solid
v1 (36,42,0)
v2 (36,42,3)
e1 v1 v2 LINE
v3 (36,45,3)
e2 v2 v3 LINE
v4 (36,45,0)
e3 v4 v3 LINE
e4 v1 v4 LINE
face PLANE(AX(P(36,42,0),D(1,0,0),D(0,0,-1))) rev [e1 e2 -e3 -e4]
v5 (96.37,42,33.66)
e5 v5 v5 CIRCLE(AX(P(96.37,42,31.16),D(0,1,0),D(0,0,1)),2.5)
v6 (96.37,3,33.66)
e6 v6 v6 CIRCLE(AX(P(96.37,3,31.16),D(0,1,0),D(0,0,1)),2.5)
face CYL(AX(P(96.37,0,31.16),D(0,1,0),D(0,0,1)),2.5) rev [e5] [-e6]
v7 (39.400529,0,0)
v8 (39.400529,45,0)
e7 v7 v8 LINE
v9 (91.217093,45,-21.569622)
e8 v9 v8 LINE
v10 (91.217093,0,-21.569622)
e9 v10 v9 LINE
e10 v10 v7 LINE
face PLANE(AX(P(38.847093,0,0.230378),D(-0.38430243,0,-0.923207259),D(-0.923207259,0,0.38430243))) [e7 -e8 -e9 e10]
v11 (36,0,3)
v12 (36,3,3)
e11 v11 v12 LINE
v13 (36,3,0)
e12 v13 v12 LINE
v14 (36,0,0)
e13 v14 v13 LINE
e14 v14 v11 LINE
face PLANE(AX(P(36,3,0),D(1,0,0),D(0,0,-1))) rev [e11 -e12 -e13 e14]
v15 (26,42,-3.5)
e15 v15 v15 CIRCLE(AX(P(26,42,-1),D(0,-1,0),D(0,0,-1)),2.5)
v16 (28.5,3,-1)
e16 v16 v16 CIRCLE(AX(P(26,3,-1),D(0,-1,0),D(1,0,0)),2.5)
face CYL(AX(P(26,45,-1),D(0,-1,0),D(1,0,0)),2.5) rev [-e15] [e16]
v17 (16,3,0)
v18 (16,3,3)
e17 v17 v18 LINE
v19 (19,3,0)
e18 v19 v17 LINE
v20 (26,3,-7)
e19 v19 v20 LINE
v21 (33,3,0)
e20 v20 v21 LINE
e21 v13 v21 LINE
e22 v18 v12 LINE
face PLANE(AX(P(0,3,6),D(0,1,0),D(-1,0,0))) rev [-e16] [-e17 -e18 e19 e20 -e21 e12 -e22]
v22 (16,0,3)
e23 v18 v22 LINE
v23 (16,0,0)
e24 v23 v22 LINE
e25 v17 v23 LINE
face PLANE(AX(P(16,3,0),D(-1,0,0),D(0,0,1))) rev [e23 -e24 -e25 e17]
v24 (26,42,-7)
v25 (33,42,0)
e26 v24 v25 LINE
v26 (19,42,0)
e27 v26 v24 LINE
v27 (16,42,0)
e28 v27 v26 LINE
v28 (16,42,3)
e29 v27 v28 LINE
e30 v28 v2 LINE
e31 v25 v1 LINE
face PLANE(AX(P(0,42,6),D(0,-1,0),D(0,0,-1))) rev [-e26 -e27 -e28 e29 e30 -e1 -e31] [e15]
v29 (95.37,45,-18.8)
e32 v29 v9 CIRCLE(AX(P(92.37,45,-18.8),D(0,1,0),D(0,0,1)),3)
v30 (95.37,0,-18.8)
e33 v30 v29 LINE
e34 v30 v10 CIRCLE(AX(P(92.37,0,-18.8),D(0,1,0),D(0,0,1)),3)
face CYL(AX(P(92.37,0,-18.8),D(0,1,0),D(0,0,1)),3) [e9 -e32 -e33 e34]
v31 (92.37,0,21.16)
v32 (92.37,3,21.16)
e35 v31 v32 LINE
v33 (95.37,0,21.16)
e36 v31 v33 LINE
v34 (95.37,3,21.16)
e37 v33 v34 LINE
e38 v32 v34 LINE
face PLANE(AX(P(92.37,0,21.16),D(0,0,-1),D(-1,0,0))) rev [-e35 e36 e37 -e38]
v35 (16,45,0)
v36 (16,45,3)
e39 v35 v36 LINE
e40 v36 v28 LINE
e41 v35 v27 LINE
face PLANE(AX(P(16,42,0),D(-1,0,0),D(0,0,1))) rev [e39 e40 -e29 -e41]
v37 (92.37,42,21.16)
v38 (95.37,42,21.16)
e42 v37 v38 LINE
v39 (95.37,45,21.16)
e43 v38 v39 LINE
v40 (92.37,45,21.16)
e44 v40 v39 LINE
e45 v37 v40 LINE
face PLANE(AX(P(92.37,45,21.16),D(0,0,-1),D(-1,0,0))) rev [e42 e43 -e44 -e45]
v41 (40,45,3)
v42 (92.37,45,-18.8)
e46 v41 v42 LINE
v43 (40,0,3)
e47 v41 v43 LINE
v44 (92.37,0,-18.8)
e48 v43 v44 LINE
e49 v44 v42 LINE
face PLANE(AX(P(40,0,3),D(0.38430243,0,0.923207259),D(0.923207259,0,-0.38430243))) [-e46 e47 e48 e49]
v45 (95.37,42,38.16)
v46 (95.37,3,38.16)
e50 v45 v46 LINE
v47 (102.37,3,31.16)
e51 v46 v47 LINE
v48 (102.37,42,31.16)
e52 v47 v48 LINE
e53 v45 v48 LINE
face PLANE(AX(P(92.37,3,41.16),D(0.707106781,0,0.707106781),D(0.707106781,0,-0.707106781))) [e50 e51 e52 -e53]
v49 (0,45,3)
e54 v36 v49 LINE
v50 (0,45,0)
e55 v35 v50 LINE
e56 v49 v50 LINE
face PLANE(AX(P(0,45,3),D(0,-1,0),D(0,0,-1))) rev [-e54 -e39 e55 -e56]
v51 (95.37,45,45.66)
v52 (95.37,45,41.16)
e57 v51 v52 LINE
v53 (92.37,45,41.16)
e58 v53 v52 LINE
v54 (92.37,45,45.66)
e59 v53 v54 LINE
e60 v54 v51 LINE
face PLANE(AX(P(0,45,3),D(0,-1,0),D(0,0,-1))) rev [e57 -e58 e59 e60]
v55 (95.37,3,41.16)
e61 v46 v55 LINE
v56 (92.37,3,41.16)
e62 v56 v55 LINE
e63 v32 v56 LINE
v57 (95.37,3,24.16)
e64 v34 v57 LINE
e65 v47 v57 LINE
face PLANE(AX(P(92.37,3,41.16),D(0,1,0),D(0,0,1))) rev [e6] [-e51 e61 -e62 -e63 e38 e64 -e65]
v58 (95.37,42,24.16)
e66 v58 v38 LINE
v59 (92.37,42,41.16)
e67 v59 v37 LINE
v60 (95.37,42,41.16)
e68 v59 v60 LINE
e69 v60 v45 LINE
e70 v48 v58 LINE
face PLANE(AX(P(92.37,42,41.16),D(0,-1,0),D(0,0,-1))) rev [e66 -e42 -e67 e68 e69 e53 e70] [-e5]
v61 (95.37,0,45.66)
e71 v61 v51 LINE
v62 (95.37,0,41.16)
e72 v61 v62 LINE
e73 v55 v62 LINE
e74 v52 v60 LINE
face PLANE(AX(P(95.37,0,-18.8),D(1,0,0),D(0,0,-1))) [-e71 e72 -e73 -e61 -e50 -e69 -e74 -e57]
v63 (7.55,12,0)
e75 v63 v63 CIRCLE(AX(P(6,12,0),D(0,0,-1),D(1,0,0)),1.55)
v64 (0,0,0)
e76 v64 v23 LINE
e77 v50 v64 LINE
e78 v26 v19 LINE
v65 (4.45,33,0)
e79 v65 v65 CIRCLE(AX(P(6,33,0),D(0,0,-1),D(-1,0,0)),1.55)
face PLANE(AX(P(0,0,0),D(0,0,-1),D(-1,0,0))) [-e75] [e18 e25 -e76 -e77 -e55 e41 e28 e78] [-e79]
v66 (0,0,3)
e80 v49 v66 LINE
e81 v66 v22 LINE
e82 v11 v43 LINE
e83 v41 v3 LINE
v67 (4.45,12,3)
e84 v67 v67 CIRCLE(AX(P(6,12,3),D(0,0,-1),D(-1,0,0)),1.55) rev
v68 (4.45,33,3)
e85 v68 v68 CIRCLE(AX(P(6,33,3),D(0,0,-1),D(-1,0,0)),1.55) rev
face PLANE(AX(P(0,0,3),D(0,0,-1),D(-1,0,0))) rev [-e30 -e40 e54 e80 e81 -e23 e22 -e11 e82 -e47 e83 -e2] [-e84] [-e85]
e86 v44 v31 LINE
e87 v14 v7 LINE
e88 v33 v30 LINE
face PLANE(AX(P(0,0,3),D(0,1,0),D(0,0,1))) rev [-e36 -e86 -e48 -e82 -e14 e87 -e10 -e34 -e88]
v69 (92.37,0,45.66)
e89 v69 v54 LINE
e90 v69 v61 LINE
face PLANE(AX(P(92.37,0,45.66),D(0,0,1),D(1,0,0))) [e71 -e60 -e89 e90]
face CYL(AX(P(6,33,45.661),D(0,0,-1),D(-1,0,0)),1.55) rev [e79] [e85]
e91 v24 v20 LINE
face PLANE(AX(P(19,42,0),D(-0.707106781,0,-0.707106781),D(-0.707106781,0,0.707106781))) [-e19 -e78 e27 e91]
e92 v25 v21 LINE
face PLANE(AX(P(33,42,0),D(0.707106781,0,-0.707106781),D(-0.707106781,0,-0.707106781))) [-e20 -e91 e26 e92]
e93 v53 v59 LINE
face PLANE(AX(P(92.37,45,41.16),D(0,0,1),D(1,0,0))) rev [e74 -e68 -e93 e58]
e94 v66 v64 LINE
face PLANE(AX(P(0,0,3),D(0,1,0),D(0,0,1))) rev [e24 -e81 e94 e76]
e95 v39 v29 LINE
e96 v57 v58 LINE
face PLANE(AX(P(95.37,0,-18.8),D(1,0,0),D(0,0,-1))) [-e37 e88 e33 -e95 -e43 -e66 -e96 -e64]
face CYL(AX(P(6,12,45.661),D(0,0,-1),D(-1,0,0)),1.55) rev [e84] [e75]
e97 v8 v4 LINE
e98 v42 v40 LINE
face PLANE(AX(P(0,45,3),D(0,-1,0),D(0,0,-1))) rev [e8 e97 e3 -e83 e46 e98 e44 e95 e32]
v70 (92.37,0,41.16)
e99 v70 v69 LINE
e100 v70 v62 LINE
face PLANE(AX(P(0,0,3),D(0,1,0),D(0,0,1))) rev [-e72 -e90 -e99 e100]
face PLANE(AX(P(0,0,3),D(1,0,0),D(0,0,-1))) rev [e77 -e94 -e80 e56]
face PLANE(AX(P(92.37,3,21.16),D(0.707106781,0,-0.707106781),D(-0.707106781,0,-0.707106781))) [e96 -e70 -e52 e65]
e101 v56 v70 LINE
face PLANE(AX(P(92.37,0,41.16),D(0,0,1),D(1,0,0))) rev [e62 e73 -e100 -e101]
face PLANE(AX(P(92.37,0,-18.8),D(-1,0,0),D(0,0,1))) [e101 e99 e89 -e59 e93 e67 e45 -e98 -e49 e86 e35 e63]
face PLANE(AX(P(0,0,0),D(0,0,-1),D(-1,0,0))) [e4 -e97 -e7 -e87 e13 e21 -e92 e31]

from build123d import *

# Parameters (mm, degrees)
SKETCH_1_W          = 60
SKETCH_1_H          = 45
EXTRUDE_1_DEPTH     = 3
SKETCH_2_W          = 60
SKETCH_2_H          = 3
EXTRUDE_2_DEPTH     = 3
SKETCH_3_W          = 20
SKETCH_3_H          = 3
CUT_EXTRUDE_1_DEPTH = 3
EXTRUDE_START       = -39
EXTRUDE_3_DEPTH     = 39
SKETCH_5_R          = 2.5
CUT_EXTRUDE_2_DEPTH = 74.573092908
SKETCH_6_W          = 60
SKETCH_6_H          = 3
CUT_EXTRUDE_3_DEPTH = 74.573092908
SKETCH_8_W          = 20
SKETCH_8_H          = 3
CUT_EXTRUDE_4_DEPTH = 76.325958341
EXTRUDE_4_DEPTH     = 45
EXTRUDE_5_DEPTH     = 45
SKETCH_11_W         = 20
SKETCH_11_H         = 3
CUT_EXTRUDE_5_DEPTH = 3
EXTRUDE_6_DEPTH     = 39
SKETCH_14_R         = 2.5
CUT_EXTRUDE_7_DEPTH = 120.701514193
CUT_EXTRUDE_8_REACH = 122.787
SKETCH_16_R         = 1.55


with BuildPart() as part:
    # 草图1 → 凸台-拉伸1 (new body)
    with BuildSketch(Plane.XY):
        with Locations((30, 22.5)):
            Rectangle(SKETCH_1_W, SKETCH_1_H)
    extrude(amount=EXTRUDE_1_DEPTH)

    # 草图2 → 凸台-拉伸2 (add)
    with BuildSketch(Plane.XY.offset(3)):
        with Locations((30, 40.5)):
            Rectangle(SKETCH_2_W, SKETCH_2_H)
        with Locations((30, 4.5)):
            Rectangle(SKETCH_2_W, SKETCH_2_H)
    extrude(amount=EXTRUDE_2_DEPTH)

    # 草图3 → 切除-拉伸1 (cut)
    with BuildSketch(Plane.XY.offset(3)):
        with Locations((26, 1.5)):
            Rectangle(SKETCH_3_W, SKETCH_3_H)
        with Locations((26, 43.5)):
            Rectangle(SKETCH_3_W, SKETCH_3_H)
    extrude(amount=-CUT_EXTRUDE_1_DEPTH, mode=Mode.SUBTRACT)

    # 草图4 → 凸台-拉伸3 (add)
    with BuildSketch(Plane.XZ.offset(-3).offset(EXTRUDE_START)):
        Polygon((19, 0), (26, -7), (33, 0), align=None)
    extrude(amount=EXTRUDE_3_DEPTH)

    # 草图5 → 切除-拉伸2 (cut, through all)
    with BuildSketch(Plane.XZ.offset(-3)):
        with Locations((26, -1)):
            Circle(SKETCH_5_R)
    extrude(amount=-CUT_EXTRUDE_2_DEPTH, mode=Mode.SUBTRACT)

    # 草图6 → 切除-拉伸3 (cut, through all)
    with BuildSketch(Plane.XZ.offset(-3)):
        with Locations((30, 4.5)):
            Rectangle(SKETCH_6_W, SKETCH_6_H)
    extrude(amount=-CUT_EXTRUDE_3_DEPTH, mode=Mode.SUBTRACT)

    # 草图8 → 切除-拉伸4 (cut, through all)
    with BuildSketch(Plane.XZ):
        with Locations((50, 1.5)):
            Rectangle(SKETCH_8_W, SKETCH_8_H)
    extrude(amount=-CUT_EXTRUDE_4_DEPTH, mode=Mode.SUBTRACT)

    # 草图9 → 凸台-拉伸4 (add, through all)
    with BuildSketch(Plane(origin=(0, 45, 0), x_dir=(1, 0, 0), z_dir=(0, 1, 0))):
        Polygon((40, -3), (92.37, 18.8), (91.217092711, 21.569621776), (38.847092711, -0.230378224), align=None)
    extrude(amount=-EXTRUDE_4_DEPTH)

    # 草图10 → 凸台-拉伸5 (add, through all)
    with BuildSketch(Plane(origin=(0, 45, 0), x_dir=(1, 0, 0), z_dir=(0, 1, 0))):
        with BuildLine():
            Line((92.37, 18.8), (91.217092711, 21.569621776))
            ThreePointArc((91.217092711, 21.569621776), (94.034523676, 21.295868773), (95.37, 18.8))
            Line((95.37, 18.8), (95.37, -45.66))
            Line((95.37, -45.66), (92.37, -45.66))
            Line((92.37, -45.66), (92.37, 18.8))
        make_face()
    extrude(amount=-EXTRUDE_5_DEPTH)

    # 草图11 → 切除-拉伸5 (cut)
    with BuildSketch(Plane(origin=(95.37, 0, 0), x_dir=(0, 0, -1), z_dir=(1, 0, 0))):
        with Locations((-31.16, 1.5)):
            Rectangle(SKETCH_11_W, SKETCH_11_H)
        with Locations((-31.16, 43.5)):
            Rectangle(SKETCH_11_W, SKETCH_11_H)
    extrude(amount=-CUT_EXTRUDE_5_DEPTH, mode=Mode.SUBTRACT)

    # 草图12 → 凸台-拉伸6 (add)
    with BuildSketch(Plane(origin=(0, 42, 0), x_dir=(1, 0, 0), z_dir=(0, 1, 0)).offset(EXTRUDE_START)):
        Polygon((92.37, -21.16), (102.37, -31.16), (92.37, -41.16), align=None)
    extrude(amount=EXTRUDE_6_DEPTH)

    # 草图14 → 切除-拉伸7 (cut, through all)
    with BuildSketch(Plane(origin=(0, 42, 0), x_dir=(1, 0, 0), z_dir=(0, 1, 0))):
        with Locations(Location((96.37, -31.16, 0), (0, 0, 270))):
            Circle(SKETCH_14_R)
    extrude(amount=-CUT_EXTRUDE_7_DEPTH, mode=Mode.SUBTRACT)

    # 草图16 → 切除-拉伸8 (cut, up to next)
    with BuildSketch(Plane(origin=(0, 0, 0), x_dir=(-1, 0, 0), z_dir=(0, 0, -1)), mode=Mode.PRIVATE) as cut_extrude_8_sk1:
        with Locations((-6, 33)):
            Circle(SKETCH_16_R)
    cut_extrude_8_tool1 = extrude(cut_extrude_8_sk1.sketch, amount=-CUT_EXTRUDE_8_REACH, mode=Mode.PRIVATE) & part.part
    # 草图16 → 切除-拉伸8 (cut, up to next)
    with BuildSketch(Plane(origin=(0, 0, 0), x_dir=(-1, 0, 0), z_dir=(0, 0, -1)), mode=Mode.PRIVATE) as cut_extrude_8_sk2:
        with Locations((-6, 12)):
            Circle(SKETCH_16_R)
    cut_extrude_8_tool2 = extrude(cut_extrude_8_sk2.sketch, amount=-CUT_EXTRUDE_8_REACH, mode=Mode.PRIVATE) & part.part
    add(cut_extrude_8_tool1.solids().sort_by_distance((6, 33, 0))[0], mode=Mode.SUBTRACT)
    add(cut_extrude_8_tool2.solids().sort_by_distance((6, 12, 0))[0], mode=Mode.SUBTRACT)


solid = part.part
